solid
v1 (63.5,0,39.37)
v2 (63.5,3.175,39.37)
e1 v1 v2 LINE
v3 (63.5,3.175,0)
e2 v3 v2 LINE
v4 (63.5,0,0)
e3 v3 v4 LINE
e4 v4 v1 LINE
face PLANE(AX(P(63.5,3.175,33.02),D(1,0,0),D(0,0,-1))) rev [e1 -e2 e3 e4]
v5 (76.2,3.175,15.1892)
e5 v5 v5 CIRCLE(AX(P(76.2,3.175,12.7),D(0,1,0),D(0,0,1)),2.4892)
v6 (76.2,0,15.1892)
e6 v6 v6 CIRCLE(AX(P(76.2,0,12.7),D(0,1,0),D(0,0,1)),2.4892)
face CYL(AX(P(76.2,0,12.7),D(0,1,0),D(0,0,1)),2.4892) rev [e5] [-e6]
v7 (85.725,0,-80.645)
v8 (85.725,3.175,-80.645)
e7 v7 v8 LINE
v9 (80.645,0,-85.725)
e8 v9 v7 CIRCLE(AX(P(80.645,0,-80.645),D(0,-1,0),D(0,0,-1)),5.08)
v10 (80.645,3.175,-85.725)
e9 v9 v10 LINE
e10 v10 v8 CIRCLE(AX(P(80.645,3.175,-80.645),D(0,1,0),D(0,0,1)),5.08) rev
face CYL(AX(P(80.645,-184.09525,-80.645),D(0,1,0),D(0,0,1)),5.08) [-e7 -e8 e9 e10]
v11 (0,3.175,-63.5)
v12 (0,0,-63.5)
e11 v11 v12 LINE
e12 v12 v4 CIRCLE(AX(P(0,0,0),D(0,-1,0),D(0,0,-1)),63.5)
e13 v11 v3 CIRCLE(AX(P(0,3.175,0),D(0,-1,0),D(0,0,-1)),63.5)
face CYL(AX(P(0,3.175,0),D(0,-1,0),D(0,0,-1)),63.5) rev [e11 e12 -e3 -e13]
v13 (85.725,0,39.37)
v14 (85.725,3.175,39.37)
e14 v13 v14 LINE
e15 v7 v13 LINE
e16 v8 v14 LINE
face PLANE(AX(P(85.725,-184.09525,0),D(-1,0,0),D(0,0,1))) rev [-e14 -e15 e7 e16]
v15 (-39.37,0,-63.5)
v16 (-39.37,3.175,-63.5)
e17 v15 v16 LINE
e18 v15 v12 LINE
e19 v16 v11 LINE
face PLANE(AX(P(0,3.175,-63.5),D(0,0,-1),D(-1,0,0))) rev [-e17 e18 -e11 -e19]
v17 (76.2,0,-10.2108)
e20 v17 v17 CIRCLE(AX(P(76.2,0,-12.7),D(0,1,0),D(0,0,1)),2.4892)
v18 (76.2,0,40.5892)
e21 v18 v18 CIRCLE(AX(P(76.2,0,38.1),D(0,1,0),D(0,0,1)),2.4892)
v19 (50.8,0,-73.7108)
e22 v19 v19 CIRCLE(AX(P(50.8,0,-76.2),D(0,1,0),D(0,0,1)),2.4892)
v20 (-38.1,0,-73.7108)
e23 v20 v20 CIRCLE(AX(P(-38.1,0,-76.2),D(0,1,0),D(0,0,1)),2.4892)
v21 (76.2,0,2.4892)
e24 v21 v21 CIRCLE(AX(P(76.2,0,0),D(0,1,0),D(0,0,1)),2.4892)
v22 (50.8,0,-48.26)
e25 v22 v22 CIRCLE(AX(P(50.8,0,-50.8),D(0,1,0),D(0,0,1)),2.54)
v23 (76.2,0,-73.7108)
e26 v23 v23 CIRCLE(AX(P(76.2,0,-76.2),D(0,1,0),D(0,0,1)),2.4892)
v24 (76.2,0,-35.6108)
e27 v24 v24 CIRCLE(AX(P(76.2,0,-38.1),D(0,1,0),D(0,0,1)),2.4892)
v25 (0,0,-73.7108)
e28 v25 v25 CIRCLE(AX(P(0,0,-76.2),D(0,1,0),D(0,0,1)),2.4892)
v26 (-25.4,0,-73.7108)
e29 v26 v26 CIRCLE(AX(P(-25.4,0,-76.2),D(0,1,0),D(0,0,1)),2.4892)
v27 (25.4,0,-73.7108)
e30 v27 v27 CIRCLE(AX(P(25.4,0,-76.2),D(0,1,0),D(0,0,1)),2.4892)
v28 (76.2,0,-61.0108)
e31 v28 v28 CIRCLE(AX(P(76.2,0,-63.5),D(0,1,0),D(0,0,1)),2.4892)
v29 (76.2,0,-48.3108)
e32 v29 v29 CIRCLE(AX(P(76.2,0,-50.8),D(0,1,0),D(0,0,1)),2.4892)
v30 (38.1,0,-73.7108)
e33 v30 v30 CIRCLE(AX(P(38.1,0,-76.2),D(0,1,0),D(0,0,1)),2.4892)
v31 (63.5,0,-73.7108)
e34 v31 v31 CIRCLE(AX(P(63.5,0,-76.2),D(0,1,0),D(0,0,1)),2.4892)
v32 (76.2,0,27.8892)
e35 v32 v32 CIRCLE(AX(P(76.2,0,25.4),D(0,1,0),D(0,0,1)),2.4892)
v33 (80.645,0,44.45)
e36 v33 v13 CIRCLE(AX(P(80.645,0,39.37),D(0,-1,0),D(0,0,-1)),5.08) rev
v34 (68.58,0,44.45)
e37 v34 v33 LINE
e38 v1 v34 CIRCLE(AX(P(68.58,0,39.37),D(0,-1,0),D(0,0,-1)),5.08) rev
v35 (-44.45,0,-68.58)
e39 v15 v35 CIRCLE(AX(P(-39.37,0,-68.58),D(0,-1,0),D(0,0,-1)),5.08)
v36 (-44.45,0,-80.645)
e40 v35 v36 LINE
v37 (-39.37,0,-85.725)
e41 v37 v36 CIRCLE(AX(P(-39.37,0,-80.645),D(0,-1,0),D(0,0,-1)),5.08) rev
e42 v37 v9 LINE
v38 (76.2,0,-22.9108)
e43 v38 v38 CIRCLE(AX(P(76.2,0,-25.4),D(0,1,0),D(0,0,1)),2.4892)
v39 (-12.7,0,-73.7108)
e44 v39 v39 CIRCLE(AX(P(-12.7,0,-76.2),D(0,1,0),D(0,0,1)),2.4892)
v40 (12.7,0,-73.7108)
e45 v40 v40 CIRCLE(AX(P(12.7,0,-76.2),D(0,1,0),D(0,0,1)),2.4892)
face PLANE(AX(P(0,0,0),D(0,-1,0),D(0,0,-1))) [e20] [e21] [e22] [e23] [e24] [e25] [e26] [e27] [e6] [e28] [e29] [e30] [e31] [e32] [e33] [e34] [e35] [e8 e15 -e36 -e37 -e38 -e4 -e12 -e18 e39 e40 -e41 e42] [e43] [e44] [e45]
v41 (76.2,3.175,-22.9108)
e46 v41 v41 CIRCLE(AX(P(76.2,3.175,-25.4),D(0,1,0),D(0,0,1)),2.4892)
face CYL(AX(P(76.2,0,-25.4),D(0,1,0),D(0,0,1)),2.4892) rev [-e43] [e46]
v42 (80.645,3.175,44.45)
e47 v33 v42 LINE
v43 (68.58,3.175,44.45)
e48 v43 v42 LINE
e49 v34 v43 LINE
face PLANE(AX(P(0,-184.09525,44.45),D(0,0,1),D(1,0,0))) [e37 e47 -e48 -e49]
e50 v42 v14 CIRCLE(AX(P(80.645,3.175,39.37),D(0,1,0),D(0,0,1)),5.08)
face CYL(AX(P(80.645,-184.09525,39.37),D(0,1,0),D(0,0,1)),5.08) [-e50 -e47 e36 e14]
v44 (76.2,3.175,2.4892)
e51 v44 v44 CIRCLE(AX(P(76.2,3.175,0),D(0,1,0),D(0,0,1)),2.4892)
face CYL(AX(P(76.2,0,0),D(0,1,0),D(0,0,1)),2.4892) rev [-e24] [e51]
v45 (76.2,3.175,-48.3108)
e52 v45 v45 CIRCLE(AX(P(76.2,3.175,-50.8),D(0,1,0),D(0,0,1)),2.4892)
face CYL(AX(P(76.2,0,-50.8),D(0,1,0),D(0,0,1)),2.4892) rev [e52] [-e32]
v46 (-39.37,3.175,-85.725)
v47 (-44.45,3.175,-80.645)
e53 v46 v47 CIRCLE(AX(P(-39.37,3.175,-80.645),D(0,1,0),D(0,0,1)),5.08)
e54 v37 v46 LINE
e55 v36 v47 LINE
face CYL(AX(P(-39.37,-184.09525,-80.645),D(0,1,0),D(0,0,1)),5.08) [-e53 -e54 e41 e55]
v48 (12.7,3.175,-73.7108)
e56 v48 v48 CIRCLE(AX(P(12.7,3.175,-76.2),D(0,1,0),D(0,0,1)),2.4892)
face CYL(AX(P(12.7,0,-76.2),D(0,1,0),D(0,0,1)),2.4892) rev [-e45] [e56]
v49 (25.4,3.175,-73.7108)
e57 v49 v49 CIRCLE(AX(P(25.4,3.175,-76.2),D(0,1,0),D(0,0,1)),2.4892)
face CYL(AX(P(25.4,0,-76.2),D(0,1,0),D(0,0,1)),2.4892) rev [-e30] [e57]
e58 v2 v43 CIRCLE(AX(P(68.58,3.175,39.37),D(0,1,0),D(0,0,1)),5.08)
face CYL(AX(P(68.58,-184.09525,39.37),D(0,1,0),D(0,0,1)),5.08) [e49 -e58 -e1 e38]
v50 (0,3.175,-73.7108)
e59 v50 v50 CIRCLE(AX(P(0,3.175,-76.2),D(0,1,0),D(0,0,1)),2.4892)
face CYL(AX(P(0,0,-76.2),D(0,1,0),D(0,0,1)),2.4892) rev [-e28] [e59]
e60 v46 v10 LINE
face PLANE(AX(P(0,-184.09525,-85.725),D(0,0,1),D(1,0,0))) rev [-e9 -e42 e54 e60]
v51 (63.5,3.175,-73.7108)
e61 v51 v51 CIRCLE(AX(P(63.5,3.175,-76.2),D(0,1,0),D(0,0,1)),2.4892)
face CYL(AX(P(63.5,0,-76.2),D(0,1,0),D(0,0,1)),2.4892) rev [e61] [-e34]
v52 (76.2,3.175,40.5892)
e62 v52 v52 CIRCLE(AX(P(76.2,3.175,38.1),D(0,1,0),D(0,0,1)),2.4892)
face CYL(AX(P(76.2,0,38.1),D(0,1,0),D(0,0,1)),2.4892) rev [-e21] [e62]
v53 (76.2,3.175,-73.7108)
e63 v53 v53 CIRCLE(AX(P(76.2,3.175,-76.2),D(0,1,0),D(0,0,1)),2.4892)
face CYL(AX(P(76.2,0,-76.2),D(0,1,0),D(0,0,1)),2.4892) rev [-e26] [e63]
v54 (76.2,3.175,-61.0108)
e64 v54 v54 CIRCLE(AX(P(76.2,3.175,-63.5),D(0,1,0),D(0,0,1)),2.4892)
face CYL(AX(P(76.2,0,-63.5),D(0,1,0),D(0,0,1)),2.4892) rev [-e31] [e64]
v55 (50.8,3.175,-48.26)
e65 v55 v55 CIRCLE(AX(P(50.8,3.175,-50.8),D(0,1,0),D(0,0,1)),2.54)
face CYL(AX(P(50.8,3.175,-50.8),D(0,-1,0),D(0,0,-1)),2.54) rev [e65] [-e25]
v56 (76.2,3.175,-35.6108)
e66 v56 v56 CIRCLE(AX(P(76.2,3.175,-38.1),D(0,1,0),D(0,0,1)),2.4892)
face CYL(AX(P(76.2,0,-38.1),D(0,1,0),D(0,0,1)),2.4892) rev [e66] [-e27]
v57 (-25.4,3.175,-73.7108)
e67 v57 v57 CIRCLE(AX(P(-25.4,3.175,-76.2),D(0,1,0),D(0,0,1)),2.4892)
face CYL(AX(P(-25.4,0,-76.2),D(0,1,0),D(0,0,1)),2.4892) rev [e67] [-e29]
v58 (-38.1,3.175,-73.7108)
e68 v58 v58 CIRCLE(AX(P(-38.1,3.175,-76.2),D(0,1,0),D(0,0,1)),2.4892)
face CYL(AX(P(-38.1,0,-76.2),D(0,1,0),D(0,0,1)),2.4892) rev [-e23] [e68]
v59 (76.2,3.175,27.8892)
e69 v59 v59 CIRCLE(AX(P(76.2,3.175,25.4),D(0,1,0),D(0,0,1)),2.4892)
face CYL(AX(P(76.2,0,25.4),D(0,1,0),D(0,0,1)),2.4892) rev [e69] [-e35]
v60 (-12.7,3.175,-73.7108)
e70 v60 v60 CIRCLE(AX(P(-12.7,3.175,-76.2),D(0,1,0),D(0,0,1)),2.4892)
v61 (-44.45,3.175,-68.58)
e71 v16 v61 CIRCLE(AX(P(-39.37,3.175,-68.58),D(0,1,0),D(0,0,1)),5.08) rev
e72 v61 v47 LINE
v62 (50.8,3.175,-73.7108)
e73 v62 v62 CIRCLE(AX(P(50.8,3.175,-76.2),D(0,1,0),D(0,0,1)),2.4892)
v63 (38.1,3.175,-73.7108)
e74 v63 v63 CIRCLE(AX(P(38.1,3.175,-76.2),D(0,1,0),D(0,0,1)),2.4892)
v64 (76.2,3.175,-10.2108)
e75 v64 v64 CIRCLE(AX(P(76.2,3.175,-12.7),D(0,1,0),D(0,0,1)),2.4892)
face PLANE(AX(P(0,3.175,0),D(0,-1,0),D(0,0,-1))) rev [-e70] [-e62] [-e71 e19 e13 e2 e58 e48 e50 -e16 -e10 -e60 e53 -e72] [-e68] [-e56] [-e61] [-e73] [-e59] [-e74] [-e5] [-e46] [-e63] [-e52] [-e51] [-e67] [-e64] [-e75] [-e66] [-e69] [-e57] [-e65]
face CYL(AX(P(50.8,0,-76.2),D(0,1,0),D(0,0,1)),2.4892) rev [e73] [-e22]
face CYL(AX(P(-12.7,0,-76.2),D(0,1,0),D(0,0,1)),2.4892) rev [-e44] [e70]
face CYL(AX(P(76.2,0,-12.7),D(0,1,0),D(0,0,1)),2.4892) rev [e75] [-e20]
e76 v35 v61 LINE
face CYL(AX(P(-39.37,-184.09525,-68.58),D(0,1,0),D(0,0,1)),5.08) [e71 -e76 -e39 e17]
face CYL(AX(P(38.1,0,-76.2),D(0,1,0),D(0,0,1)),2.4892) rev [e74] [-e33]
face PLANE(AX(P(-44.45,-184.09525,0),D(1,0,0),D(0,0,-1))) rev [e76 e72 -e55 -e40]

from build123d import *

# Parameters (mm, degrees)
SKETCH1_R           = 2.4892
SKETCH1_R_2         = 2.54
BOSS_EXTRUDE1_DEPTH = 3.175
BOSS_EXTRUDE2_START = -3.175
SKETCH3_R           = 2.4892
BOSS_EXTRUDE2_DEPTH = 3.175
SKETCH4_R           = 2.4892
CUT_EXTRUDE1_DEPTH  = 122.275025768


with BuildPart() as part:
    # Sketch1 → Boss-Extrude1 (new body)
    with BuildSketch(Plane(origin=(0, 0, 0), x_dir=(1, 0, 0), z_dir=(0, 1, 0))):
        with BuildLine():
            Line((0, 63.5), (-33.02, 63.5))
            ThreePointArc((-33.02, 63.5), (-36.612102448, 64.987897552), (-38.1, 68.58))
            Line((-38.1, 68.58), (-38.1, 77.47))
            ThreePointArc((-38.1, 77.47), (-36.612102448, 81.062102448), (-33.02, 82.55))
            Line((-33.02, 82.55), (77.47, 82.55))
            ThreePointArc((77.47, 82.55), (81.062102448, 81.062102448), (82.55, 77.47))
            Line((82.55, 77.47), (82.55, -33.02))
            ThreePointArc((82.55, -33.02), (81.062102448, -36.612102448), (77.47, -38.1))
            Line((77.47, -38.1), (68.58, -38.1))
            ThreePointArc((68.58, -38.1), (64.987897552, -36.612102448), (63.5, -33.02))
            Line((63.5, -33.02), (63.5, 0))
            ThreePointArc((63.5, 0), (44.901280605, 44.901280605), (0, 63.5))
        make_face()
        with Locations(Location((-28.575, 73.025, 0), (0, 0, 270))):
            Circle(SKETCH1_R, mode=Mode.SUBTRACT)
        with Locations(Location((-15.875, 73.025, 0), (0, 0, 270))):
            Circle(SKETCH1_R, mode=Mode.SUBTRACT)
        with Locations(Location((-3.175, 73.025, 0), (0, 0, 270))):
            Circle(SKETCH1_R, mode=Mode.SUBTRACT)
        with Locations(Location((9.525, 73.025, 0), (0, 0, 270))):
            Circle(SKETCH1_R, mode=Mode.SUBTRACT)
        with Locations(Location((22.225, 73.025, 0), (0, 0, 270))):
            Circle(SKETCH1_R, mode=Mode.SUBTRACT)
        with Locations(Location((34.925, 73.025, 0), (0, 0, 270))):
            Circle(SKETCH1_R, mode=Mode.SUBTRACT)
        with Locations(Location((47.625, 73.025, 0), (0, 0, 270))):
            Circle(SKETCH1_R, mode=Mode.SUBTRACT)
        with Locations(Location((60.325, 73.025, 0), (0, 0, 270))):
            Circle(SKETCH1_R, mode=Mode.SUBTRACT)
        with Locations(Location((73.025, 73.025, 0), (0, 0, 270))):
            Circle(SKETCH1_R, mode=Mode.SUBTRACT)
        with Locations(Location((73.025, 60.325, 0), (0, 0, 270))):
            Circle(SKETCH1_R, mode=Mode.SUBTRACT)
        with Locations(Location((73.025, 47.625, 0), (0, 0, 270))):
            Circle(SKETCH1_R, mode=Mode.SUBTRACT)
        with Locations(Location((73.025, 34.925, 0), (0, 0, 270))):
            Circle(SKETCH1_R, mode=Mode.SUBTRACT)
        with Locations(Location((73.025, 22.225, 0), (0, 0, 270))):
            Circle(SKETCH1_R, mode=Mode.SUBTRACT)
        with Locations(Location((73.025, 9.525, 0), (0, 0, 270))):
            Circle(SKETCH1_R, mode=Mode.SUBTRACT)
        with Locations(Location((73.025, -3.175, 0), (0, 0, 270))):
            Circle(SKETCH1_R, mode=Mode.SUBTRACT)
        with Locations(Location((73.025, -15.875, 0), (0, 0, 270))):
            Circle(SKETCH1_R, mode=Mode.SUBTRACT)
        with Locations(Location((73.025, -28.575, 0), (0, 0, 270))):
            Circle(SKETCH1_R, mode=Mode.SUBTRACT)
        with Locations(Location((50.8, 50.8, 0), (0, 0, 270))):
            Circle(SKETCH1_R_2, mode=Mode.SUBTRACT)
    extrude(amount=BOSS_EXTRUDE1_DEPTH)

    # Sketch3 → Boss-Extrude2 (add)
    with BuildSketch(Plane(origin=(0, 3.175, 0), x_dir=(1, 0, 0), z_dir=(0, 1, 0)).offset(BOSS_EXTRUDE2_START)):
        with BuildLine():
            ThreePointArc((-33.02, 63.5), (-35.859806331, 64.367886516), (-37.729286039, 66.675))
            ThreePointArc((-37.729286039, 66.675), (-38.006460322, 67.609632307), (-38.1, 68.58))
            Line((-38.1, 68.58), (-38.1, 77.47))
            ThreePointArc((-38.1, 77.47), (-36.612102448, 81.062102448), (-33.02, 82.55))
            Line((-33.02, 82.55), (77.47, 82.55))
            ThreePointArc((77.47, 82.55), (81.062102448, 81.062102448), (82.55, 77.47))
            Line((82.55, 77.47), (82.55, -33.02))
            ThreePointArc((82.55, -33.02), (81.062102448, -36.612102448), (77.47, -38.1))
            Line((77.47, -38.1), (68.58, -38.1))
            ThreePointArc((68.58, -38.1), (67.609632307, -38.006460322), (66.675, -37.729286039))
            ThreePointArc((66.675, -37.729286039), (64.367886516, -35.859806331), (63.5, -33.02))
            Line((63.5, -33.02), (63.5, -39.37))
            ThreePointArc((63.5, -39.37), (64.987897552, -42.962102448), (68.58, -44.45))
            Line((68.58, -44.45), (80.645, -44.45))
            ThreePointArc((80.645, -44.45), (84.237102448, -42.962102448), (85.725, -39.37))
            Line((85.725, -39.37), (85.725, 80.645))
            ThreePointArc((85.725, 80.645), (84.237102448, 84.237102448), (80.645, 85.725))
            Line((80.645, 85.725), (-39.37, 85.725))
            ThreePointArc((-39.37, 85.725), (-42.962102448, 84.237102448), (-44.45, 80.645))
            Line((-44.45, 80.645), (-44.45, 68.58))
            ThreePointArc((-44.45, 68.58), (-42.962102448, 64.987897552), (-39.37, 63.5))
            Line((-39.37, 63.5), (-33.02, 63.5))
        make_face()
        with Locations((73.025, -28.575)):
            Circle(SKETCH3_R)
        with Locations((73.025, -15.875)):
            Circle(SKETCH3_R)
        with Locations((73.025, -3.175)):
            Circle(SKETCH3_R)
        with Locations((73.025, 9.525)):
            Circle(SKETCH3_R)
        with Locations((73.025, 22.225)):
            Circle(SKETCH3_R)
        with Locations((73.025, 34.925)):
            Circle(SKETCH3_R)
        with Locations((73.025, 47.625)):
            Circle(SKETCH3_R)
        with Locations((73.025, 60.325)):
            Circle(SKETCH3_R)
        with Locations((73.025, 73.025)):
            Circle(SKETCH3_R)
        with Locations((60.325, 73.025)):
            Circle(SKETCH3_R)
        with Locations((47.625, 73.025)):
            Circle(SKETCH3_R)
        with Locations((34.925, 73.025)):
            Circle(SKETCH3_R)
        with Locations((22.225, 73.025)):
            Circle(SKETCH3_R)
        with Locations((9.525, 73.025)):
            Circle(SKETCH3_R)
        with Locations((-3.175, 73.025)):
            Circle(SKETCH3_R)
        with Locations((-15.875, 73.025)):
            Circle(SKETCH3_R)
        with Locations((-28.575, 73.025)):
            Circle(SKETCH3_R)
    extrude(amount=BOSS_EXTRUDE2_DEPTH)

    # Sketch4 → Cut-Extrude1 (cut, through all)
    with BuildSketch(Plane(origin=(0, 3.175, 0), x_dir=(1, 0, 0), z_dir=(0, 1, 0))):
        with Locations(Location((63.5, 76.2, 0), (0, 0, 270))):
            Circle(SKETCH4_R)
        with Locations(Location((76.2, 76.2, 0), (0, 0, 270))):
            Circle(SKETCH4_R)
        with Locations(Location((76.2, 63.5, 0), (0, 0, 270))):
            Circle(SKETCH4_R)
        with Locations(Location((76.2, 50.8, 0), (0, 0, 270))):
            Circle(SKETCH4_R)
        with Locations(Location((76.2, 38.1, 0), (0, 0, 270))):
            Circle(SKETCH4_R)
        with Locations(Location((50.8, 76.2, 0), (0, 0, 270))):
            Circle(SKETCH4_R)
        with Locations(Location((38.1, 76.2, 0), (0, 0, 270))):
            Circle(SKETCH4_R)
        with Locations(Location((25.4, 76.2, 0), (0, 0, 270))):
            Circle(SKETCH4_R)
        with Locations(Location((76.2, -25.4, 0), (0, 0, 270))):
            Circle(SKETCH4_R)
        with Locations(Location((76.2, -12.7, 0), (0, 0, 270))):
            Circle(SKETCH4_R)
        with Locations(Location((76.2, 0, 0), (0, 0, 270))):
            Circle(SKETCH4_R)
        with Locations(Location((76.2, 12.7, 0), (0, 0, 270))):
            Circle(SKETCH4_R)
        with Locations(Location((76.2, 25.4, 0), (0, 0, 270))):
            Circle(SKETCH4_R)
        with Locations(Location((12.7, 76.2, 0), (0, 0, 270))):
            Circle(SKETCH4_R)
        with Locations(Location((0, 76.2, 0), (0, 0, 270))):
            Circle(SKETCH4_R)
        with Locations(Location((-12.7, 76.2, 0), (0, 0, 270))):
            Circle(SKETCH4_R)
        with Locations(Location((-38.1, 76.2, 0), (0, 0, 270))):
            Circle(SKETCH4_R)
        with Locations(Location((-25.4, 76.2, 0), (0, 0, 270))):
            Circle(SKETCH4_R)
        with Locations(Location((76.2, -38.1, 0), (0, 0, 270))):
            Circle(SKETCH4_R)
    extrude(amount=-CUT_EXTRUDE1_DEPTH, mode=Mode.SUBTRACT)


solid = part.part
